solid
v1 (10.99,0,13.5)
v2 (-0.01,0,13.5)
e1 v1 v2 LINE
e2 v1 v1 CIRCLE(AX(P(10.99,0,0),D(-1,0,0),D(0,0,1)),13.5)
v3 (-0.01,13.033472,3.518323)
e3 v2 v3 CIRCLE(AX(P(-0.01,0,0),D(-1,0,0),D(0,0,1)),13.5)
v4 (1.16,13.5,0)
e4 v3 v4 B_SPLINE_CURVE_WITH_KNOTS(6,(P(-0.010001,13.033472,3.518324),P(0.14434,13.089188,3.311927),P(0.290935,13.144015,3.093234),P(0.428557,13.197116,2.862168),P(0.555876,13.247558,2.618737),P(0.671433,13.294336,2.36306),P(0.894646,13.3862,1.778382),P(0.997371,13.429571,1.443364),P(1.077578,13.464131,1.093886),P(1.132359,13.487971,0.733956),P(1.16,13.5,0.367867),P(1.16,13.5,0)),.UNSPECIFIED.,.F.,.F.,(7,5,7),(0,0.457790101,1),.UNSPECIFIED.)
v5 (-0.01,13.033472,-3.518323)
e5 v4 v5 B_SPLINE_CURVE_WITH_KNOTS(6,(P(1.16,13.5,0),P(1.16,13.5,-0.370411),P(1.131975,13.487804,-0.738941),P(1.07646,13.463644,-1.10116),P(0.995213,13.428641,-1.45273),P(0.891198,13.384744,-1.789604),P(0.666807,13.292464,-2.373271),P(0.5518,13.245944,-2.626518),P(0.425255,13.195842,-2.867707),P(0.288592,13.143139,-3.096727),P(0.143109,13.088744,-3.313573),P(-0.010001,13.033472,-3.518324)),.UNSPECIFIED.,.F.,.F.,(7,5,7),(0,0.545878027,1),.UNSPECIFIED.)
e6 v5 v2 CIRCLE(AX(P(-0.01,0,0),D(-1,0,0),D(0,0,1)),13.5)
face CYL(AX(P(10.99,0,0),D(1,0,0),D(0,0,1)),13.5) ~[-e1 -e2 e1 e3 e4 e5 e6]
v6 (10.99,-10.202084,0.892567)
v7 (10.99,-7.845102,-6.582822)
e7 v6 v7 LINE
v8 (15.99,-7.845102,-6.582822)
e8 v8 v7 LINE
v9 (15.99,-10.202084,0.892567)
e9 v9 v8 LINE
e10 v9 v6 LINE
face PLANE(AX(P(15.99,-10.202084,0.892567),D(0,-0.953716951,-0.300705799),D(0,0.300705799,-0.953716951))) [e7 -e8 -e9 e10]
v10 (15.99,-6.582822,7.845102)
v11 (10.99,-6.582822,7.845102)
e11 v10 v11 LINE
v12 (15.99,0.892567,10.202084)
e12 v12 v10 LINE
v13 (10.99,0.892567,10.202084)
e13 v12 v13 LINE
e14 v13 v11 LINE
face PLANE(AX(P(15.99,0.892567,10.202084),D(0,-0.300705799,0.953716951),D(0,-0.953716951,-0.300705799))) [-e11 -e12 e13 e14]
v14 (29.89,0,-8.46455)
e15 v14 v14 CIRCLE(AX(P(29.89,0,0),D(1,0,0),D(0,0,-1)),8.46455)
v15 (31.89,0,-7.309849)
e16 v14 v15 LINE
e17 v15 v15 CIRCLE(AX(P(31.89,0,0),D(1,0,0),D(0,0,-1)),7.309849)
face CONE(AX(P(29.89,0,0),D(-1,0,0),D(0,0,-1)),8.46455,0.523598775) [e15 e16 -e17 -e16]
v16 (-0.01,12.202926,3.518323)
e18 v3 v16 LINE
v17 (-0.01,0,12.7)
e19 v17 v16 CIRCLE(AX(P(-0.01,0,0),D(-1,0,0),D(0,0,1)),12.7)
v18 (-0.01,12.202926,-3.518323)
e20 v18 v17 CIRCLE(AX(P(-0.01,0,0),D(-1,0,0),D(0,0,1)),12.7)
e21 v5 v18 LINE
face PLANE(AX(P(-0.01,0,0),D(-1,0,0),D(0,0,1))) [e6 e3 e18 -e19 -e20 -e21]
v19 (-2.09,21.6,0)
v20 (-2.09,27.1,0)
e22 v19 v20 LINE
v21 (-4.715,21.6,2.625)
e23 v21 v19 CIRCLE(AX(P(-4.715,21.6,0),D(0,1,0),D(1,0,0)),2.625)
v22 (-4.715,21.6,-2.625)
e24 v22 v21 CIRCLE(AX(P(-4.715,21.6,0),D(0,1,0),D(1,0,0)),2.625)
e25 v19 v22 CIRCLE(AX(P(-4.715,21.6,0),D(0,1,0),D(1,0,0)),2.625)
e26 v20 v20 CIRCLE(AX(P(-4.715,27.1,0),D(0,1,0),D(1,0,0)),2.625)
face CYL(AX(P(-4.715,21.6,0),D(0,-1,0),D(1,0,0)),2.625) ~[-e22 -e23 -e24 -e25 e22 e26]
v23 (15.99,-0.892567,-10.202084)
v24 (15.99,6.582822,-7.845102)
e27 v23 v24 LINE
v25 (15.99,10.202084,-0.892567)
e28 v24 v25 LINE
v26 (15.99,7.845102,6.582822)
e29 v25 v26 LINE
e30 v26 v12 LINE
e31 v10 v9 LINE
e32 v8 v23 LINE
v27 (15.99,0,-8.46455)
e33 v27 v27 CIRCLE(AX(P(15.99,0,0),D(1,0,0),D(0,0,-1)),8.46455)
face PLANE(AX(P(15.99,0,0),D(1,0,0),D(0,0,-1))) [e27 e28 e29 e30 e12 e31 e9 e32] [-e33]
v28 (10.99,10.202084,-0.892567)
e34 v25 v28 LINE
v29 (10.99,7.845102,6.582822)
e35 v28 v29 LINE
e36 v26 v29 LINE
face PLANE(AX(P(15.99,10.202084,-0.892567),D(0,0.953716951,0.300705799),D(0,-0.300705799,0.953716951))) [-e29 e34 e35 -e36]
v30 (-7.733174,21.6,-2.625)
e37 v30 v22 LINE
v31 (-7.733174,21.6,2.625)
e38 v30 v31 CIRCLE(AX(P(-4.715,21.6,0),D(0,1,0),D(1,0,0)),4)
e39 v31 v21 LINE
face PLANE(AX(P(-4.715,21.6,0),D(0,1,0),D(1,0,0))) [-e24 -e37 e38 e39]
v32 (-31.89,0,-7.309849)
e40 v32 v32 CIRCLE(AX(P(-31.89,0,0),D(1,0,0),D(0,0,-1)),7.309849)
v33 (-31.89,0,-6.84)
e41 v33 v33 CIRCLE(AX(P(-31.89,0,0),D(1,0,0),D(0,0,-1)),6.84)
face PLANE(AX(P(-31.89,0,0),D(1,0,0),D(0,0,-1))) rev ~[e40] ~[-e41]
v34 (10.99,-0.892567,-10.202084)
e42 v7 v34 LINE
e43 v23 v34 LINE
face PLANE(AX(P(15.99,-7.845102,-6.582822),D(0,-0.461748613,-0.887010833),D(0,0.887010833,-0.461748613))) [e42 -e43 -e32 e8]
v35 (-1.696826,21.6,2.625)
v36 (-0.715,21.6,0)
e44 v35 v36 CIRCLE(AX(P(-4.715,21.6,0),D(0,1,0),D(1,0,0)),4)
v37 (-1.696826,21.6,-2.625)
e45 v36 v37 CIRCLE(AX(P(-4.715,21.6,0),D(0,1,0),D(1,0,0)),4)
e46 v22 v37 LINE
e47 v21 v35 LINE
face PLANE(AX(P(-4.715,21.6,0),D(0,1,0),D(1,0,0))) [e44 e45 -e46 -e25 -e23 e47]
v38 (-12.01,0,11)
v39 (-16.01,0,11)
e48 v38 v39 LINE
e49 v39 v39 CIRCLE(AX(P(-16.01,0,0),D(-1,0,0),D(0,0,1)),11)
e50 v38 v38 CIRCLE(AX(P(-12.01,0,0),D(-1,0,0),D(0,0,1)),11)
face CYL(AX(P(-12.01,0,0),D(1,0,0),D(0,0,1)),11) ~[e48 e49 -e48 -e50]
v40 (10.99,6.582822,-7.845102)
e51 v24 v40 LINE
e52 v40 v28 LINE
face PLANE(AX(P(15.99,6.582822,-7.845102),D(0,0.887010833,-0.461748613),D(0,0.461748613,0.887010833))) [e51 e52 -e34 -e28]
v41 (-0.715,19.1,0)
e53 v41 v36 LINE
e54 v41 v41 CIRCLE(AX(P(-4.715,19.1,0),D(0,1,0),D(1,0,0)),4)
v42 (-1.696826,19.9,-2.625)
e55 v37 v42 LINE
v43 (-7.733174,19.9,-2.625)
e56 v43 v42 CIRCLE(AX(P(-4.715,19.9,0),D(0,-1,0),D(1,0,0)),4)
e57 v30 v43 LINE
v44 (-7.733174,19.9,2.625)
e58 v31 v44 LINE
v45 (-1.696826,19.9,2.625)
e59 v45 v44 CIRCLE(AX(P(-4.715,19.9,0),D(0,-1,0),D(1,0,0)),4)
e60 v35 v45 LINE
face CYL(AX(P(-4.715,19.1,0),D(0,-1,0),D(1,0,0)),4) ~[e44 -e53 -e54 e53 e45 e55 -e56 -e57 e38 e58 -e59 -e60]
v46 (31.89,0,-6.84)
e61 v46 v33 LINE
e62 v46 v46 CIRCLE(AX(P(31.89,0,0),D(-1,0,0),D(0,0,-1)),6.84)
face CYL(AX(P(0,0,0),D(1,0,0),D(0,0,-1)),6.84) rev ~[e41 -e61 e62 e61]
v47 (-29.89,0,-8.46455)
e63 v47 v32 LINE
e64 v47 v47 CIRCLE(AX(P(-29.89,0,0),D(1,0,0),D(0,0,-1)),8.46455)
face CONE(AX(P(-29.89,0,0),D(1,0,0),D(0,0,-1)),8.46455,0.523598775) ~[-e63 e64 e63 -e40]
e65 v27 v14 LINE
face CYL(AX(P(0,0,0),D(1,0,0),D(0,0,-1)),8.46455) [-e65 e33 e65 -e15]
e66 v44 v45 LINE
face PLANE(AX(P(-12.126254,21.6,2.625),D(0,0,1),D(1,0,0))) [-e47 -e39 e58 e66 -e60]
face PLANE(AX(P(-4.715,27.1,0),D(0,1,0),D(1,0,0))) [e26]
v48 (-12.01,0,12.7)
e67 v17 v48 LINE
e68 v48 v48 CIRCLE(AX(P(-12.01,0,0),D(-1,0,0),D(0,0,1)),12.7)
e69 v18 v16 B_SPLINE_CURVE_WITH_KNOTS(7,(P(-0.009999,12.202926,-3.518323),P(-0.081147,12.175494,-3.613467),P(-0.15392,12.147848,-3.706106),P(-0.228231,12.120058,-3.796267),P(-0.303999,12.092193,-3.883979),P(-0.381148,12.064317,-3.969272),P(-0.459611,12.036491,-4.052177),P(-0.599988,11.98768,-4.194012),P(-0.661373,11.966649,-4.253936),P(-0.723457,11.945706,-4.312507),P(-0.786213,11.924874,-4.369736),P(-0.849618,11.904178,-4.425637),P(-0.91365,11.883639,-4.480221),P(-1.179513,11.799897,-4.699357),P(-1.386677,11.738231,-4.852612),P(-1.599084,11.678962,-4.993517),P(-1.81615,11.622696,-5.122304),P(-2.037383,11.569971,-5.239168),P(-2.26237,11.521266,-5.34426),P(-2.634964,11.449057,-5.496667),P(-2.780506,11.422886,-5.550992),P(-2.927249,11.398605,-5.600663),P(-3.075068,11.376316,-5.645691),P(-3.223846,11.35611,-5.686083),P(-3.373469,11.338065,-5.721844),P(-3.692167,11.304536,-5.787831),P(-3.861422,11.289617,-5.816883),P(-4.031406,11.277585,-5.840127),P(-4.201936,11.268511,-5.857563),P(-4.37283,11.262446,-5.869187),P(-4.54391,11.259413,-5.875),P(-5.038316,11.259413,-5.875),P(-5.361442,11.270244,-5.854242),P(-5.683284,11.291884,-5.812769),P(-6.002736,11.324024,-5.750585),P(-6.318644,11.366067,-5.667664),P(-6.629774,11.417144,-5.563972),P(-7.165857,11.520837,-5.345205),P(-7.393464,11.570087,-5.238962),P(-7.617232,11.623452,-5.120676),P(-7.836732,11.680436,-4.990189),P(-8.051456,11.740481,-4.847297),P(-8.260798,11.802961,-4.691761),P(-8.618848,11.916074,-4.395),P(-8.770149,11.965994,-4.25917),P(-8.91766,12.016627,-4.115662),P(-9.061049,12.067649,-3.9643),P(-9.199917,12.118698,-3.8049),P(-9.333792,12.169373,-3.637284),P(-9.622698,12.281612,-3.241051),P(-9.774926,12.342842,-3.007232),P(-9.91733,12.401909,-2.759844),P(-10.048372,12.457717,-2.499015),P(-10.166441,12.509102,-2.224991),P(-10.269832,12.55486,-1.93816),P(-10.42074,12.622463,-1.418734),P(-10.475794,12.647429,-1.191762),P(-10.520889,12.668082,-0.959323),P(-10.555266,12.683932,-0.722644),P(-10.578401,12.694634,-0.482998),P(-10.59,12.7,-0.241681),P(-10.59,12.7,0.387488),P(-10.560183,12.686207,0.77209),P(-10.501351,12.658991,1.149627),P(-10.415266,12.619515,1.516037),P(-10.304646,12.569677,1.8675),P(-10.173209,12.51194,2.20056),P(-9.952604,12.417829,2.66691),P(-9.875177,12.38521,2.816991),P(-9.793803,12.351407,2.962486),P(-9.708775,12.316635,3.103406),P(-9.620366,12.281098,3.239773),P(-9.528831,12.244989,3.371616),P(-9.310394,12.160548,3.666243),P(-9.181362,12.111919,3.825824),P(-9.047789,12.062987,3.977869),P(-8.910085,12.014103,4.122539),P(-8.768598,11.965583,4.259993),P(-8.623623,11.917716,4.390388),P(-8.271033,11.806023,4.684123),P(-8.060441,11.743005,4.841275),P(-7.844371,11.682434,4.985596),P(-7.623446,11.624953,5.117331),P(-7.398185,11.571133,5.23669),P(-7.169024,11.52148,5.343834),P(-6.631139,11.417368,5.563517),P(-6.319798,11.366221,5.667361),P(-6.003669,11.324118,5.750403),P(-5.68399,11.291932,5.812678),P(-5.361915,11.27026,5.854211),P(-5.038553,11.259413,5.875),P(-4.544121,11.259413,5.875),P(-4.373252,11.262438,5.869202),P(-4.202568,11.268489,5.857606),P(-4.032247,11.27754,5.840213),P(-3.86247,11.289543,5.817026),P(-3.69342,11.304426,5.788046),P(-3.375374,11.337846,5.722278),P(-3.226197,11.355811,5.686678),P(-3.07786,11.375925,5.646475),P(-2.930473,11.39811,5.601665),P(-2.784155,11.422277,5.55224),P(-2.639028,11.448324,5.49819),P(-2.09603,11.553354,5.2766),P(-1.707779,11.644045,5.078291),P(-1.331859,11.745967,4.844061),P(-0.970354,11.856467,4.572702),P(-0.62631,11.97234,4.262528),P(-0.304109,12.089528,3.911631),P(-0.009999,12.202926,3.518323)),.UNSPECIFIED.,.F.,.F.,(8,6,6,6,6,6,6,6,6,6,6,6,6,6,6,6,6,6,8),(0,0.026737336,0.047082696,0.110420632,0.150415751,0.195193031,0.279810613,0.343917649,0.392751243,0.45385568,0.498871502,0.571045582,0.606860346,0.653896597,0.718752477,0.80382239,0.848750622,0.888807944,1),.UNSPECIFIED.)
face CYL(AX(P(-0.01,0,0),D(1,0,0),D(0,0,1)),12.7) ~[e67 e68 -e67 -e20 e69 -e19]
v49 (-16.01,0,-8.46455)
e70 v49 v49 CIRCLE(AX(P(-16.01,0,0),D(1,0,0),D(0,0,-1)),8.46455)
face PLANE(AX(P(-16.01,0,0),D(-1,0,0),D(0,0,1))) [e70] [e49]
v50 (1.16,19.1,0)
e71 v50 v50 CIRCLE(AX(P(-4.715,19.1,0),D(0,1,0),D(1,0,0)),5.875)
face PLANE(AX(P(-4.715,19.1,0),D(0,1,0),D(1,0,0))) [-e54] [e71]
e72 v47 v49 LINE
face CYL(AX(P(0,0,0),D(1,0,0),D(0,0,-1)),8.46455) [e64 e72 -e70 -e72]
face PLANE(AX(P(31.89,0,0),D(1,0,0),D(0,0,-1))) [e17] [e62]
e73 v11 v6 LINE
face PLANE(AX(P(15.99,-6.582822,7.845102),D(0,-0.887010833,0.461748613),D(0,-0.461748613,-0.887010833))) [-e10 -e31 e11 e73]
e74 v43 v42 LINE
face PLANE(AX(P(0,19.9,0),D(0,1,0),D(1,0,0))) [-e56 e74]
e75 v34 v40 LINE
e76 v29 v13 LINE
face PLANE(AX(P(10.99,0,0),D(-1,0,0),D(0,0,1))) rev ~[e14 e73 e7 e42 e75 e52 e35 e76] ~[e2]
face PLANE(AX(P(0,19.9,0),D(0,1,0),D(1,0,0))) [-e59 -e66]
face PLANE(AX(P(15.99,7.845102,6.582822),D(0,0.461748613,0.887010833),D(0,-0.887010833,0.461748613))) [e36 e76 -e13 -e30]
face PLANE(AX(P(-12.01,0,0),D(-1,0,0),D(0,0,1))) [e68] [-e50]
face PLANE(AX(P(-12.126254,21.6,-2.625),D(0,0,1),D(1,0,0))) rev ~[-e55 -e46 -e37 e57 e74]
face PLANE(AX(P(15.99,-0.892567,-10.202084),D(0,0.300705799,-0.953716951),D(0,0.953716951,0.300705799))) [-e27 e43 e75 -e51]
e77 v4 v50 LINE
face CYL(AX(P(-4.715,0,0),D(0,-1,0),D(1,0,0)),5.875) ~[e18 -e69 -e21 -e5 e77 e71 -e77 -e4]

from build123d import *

# Parameters (mm, degrees)
SKETCH1_R               = 8.46455
BOSS_EXTRUDE1_DEPTH     = 31.89
BOSS_EXTRUDE3_DEPTH     = 5
SKETCH6_R               = 13.5
BOSS_EXTRUDE4_DEPTH     = 11
SKETCH7_R               = 12.7
BOSS_EXTRUDE5_DEPTH     = 12
SKETCH8_R               = 11
BOSS_EXTRUDE6_DEPTH     = 4
SKETCH9_R               = 5.875
BOSS_EXTRUDE7_DEPTH     = 19.1
SKETCH10_R              = 4
BOSS_EXTRUDE8_DEPTH     = 2.5
SKETCH11_OUTSIDE_W      = 81.31
SKETCH11_OUTSIDE_H      = 44.53
SKETCH11_OUTSIDE_W_2    = 14.822508056
SKETCH11_OUTSIDE_H_2    = 5.25
CUT_EXTRUDE4_DEPTH      = 1.7
SKETCH12_R              = 2.625
BOSS_EXTRUDE9_DEPTH     = 5.5
SKETCH2_R               = 6.84
CUT_EXTRUDE3_DEPTH      = 32.89
CUT_EXTRUDE3_DEPTH_BACK = 32.89
CHAMFER1_SIZE           = 2
CHAMFER1_SIZE2          = 1.154700538
CHAMFER1_PART_2_SIZE    = 2
CHAMFER1_PART_2_SIZE2   = 1.154700538


with BuildPart() as part:
    # Sketch1 → Boss-Extrude1 (new body, symmetric)
    with BuildSketch(Plane(origin=(0, 0, 0), x_dir=(0, 0, -1), z_dir=(1, 0, 0))):
        Circle(SKETCH1_R)
    extrude(amount=BOSS_EXTRUDE1_DEPTH, both=True)

    # Sketch5 → Boss-Extrude3 (add)
    with BuildSketch(Plane(origin=(15.99, 0, 0), x_dir=(0, 0, -1), z_dir=(1, 0, 0))):
        Polygon((7.845102358, 6.582822495), (0.892566651, 10.202083501), (-6.582822495, 7.845102358), (-10.202083501, 0.892566651), (-7.845102358, -6.582822495), (-0.892566651, -10.202083501), (6.582822495, -7.845102358), (10.202083501, -0.892566651), align=None)
    extrude(amount=-BOSS_EXTRUDE3_DEPTH)

    # Sketch6 → Boss-Extrude4 (add)
    with BuildSketch(Plane.ZY.offset(-10.99)):
        Circle(SKETCH6_R)
    extrude(amount=BOSS_EXTRUDE4_DEPTH)

    # Sketch7 → Boss-Extrude5 (add)
    with BuildSketch(Plane.ZY.offset(0.01)):
        Circle(SKETCH7_R)
    extrude(amount=BOSS_EXTRUDE5_DEPTH)

    # Sketch8 → Boss-Extrude6 (add)
    with BuildSketch(Plane.ZY.offset(12.01)):
        Circle(SKETCH8_R)
    extrude(amount=BOSS_EXTRUDE6_DEPTH)

    # Sketch9 → Boss-Extrude7 (add)
    with BuildSketch(Plane(origin=(0, 0, 0), x_dir=(1, 0, 0), z_dir=(0, 1, 0))):
        with Locations((-4.715, 0)):
            Circle(SKETCH9_R)
    extrude(amount=BOSS_EXTRUDE7_DEPTH)

    # Sketch10 → Boss-Extrude8 (add)
    with BuildSketch(Plane(origin=(0, 19.1, 0), x_dir=(1, 0, 0), z_dir=(0, 1, 0))):
        with Locations((-4.715, 0)):
            Circle(SKETCH10_R)
    extrude(amount=BOSS_EXTRUDE8_DEPTH)

    # Sketch11 outside → Cut-Extrude4 (cut)
    with BuildSketch(Plane(origin=(0, 21.6, 0), x_dir=(1, 0, 0), z_dir=(0, 1, 0))):
        Rectangle(SKETCH11_OUTSIDE_W, SKETCH11_OUTSIDE_H)
        with Locations((-4.715, 0)):
            Rectangle(SKETCH11_OUTSIDE_W_2, SKETCH11_OUTSIDE_H_2, mode=Mode.SUBTRACT)
    extrude(amount=-CUT_EXTRUDE4_DEPTH, mode=Mode.SUBTRACT)

    # Sketch12 → Boss-Extrude9 (add)
    with BuildSketch(Plane(origin=(0, 21.6, 0), x_dir=(1, 0, 0), z_dir=(0, 1, 0))):
        with Locations((-4.715, 0)):
            Circle(SKETCH12_R)
    extrude(amount=BOSS_EXTRUDE9_DEPTH)

    # Sketch2 → Cut-Extrude3 (cut, two sides)
    with BuildSketch(Plane(origin=(0, 0, 0), x_dir=(0, 0, -1), z_dir=(1, 0, 0))) as cut_extrude3_sk:
        Circle(SKETCH2_R)
    extrude(amount=CUT_EXTRUDE3_DEPTH, mode=Mode.SUBTRACT)
    extrude(cut_extrude3_sk.sketch, amount=-CUT_EXTRUDE3_DEPTH_BACK, mode=Mode.SUBTRACT)

    # Chamfer1
    chamfer1_edges = [part.edges().sort_by_distance(p)[0] for p in [
        (-31.89, 0, 8.46455),
    ]]
    chamfer1_side = [part.faces().sort_by_distance(p)[0] for p in [
        (-23.95, 0, 8.46455),
    ]]
    chamfer(chamfer1_edges, length=CHAMFER1_SIZE, length2=CHAMFER1_SIZE2, reference=chamfer1_side[0])

    # Chamfer1 part 2
    chamfer1_part_2_edges = [part.edges().sort_by_distance(p)[0] for p in [
        (31.89, 0, 8.46455),
    ]]
    chamfer1_part_2_side = [part.faces().sort_by_distance(p)[0] for p in [
        (23.94, 0, 8.46455),
    ]]
    chamfer(chamfer1_part_2_edges, length=CHAMFER1_PART_2_SIZE, length2=CHAMFER1_PART_2_SIZE2, reference=chamfer1_part_2_side[0])


solid = part.part
